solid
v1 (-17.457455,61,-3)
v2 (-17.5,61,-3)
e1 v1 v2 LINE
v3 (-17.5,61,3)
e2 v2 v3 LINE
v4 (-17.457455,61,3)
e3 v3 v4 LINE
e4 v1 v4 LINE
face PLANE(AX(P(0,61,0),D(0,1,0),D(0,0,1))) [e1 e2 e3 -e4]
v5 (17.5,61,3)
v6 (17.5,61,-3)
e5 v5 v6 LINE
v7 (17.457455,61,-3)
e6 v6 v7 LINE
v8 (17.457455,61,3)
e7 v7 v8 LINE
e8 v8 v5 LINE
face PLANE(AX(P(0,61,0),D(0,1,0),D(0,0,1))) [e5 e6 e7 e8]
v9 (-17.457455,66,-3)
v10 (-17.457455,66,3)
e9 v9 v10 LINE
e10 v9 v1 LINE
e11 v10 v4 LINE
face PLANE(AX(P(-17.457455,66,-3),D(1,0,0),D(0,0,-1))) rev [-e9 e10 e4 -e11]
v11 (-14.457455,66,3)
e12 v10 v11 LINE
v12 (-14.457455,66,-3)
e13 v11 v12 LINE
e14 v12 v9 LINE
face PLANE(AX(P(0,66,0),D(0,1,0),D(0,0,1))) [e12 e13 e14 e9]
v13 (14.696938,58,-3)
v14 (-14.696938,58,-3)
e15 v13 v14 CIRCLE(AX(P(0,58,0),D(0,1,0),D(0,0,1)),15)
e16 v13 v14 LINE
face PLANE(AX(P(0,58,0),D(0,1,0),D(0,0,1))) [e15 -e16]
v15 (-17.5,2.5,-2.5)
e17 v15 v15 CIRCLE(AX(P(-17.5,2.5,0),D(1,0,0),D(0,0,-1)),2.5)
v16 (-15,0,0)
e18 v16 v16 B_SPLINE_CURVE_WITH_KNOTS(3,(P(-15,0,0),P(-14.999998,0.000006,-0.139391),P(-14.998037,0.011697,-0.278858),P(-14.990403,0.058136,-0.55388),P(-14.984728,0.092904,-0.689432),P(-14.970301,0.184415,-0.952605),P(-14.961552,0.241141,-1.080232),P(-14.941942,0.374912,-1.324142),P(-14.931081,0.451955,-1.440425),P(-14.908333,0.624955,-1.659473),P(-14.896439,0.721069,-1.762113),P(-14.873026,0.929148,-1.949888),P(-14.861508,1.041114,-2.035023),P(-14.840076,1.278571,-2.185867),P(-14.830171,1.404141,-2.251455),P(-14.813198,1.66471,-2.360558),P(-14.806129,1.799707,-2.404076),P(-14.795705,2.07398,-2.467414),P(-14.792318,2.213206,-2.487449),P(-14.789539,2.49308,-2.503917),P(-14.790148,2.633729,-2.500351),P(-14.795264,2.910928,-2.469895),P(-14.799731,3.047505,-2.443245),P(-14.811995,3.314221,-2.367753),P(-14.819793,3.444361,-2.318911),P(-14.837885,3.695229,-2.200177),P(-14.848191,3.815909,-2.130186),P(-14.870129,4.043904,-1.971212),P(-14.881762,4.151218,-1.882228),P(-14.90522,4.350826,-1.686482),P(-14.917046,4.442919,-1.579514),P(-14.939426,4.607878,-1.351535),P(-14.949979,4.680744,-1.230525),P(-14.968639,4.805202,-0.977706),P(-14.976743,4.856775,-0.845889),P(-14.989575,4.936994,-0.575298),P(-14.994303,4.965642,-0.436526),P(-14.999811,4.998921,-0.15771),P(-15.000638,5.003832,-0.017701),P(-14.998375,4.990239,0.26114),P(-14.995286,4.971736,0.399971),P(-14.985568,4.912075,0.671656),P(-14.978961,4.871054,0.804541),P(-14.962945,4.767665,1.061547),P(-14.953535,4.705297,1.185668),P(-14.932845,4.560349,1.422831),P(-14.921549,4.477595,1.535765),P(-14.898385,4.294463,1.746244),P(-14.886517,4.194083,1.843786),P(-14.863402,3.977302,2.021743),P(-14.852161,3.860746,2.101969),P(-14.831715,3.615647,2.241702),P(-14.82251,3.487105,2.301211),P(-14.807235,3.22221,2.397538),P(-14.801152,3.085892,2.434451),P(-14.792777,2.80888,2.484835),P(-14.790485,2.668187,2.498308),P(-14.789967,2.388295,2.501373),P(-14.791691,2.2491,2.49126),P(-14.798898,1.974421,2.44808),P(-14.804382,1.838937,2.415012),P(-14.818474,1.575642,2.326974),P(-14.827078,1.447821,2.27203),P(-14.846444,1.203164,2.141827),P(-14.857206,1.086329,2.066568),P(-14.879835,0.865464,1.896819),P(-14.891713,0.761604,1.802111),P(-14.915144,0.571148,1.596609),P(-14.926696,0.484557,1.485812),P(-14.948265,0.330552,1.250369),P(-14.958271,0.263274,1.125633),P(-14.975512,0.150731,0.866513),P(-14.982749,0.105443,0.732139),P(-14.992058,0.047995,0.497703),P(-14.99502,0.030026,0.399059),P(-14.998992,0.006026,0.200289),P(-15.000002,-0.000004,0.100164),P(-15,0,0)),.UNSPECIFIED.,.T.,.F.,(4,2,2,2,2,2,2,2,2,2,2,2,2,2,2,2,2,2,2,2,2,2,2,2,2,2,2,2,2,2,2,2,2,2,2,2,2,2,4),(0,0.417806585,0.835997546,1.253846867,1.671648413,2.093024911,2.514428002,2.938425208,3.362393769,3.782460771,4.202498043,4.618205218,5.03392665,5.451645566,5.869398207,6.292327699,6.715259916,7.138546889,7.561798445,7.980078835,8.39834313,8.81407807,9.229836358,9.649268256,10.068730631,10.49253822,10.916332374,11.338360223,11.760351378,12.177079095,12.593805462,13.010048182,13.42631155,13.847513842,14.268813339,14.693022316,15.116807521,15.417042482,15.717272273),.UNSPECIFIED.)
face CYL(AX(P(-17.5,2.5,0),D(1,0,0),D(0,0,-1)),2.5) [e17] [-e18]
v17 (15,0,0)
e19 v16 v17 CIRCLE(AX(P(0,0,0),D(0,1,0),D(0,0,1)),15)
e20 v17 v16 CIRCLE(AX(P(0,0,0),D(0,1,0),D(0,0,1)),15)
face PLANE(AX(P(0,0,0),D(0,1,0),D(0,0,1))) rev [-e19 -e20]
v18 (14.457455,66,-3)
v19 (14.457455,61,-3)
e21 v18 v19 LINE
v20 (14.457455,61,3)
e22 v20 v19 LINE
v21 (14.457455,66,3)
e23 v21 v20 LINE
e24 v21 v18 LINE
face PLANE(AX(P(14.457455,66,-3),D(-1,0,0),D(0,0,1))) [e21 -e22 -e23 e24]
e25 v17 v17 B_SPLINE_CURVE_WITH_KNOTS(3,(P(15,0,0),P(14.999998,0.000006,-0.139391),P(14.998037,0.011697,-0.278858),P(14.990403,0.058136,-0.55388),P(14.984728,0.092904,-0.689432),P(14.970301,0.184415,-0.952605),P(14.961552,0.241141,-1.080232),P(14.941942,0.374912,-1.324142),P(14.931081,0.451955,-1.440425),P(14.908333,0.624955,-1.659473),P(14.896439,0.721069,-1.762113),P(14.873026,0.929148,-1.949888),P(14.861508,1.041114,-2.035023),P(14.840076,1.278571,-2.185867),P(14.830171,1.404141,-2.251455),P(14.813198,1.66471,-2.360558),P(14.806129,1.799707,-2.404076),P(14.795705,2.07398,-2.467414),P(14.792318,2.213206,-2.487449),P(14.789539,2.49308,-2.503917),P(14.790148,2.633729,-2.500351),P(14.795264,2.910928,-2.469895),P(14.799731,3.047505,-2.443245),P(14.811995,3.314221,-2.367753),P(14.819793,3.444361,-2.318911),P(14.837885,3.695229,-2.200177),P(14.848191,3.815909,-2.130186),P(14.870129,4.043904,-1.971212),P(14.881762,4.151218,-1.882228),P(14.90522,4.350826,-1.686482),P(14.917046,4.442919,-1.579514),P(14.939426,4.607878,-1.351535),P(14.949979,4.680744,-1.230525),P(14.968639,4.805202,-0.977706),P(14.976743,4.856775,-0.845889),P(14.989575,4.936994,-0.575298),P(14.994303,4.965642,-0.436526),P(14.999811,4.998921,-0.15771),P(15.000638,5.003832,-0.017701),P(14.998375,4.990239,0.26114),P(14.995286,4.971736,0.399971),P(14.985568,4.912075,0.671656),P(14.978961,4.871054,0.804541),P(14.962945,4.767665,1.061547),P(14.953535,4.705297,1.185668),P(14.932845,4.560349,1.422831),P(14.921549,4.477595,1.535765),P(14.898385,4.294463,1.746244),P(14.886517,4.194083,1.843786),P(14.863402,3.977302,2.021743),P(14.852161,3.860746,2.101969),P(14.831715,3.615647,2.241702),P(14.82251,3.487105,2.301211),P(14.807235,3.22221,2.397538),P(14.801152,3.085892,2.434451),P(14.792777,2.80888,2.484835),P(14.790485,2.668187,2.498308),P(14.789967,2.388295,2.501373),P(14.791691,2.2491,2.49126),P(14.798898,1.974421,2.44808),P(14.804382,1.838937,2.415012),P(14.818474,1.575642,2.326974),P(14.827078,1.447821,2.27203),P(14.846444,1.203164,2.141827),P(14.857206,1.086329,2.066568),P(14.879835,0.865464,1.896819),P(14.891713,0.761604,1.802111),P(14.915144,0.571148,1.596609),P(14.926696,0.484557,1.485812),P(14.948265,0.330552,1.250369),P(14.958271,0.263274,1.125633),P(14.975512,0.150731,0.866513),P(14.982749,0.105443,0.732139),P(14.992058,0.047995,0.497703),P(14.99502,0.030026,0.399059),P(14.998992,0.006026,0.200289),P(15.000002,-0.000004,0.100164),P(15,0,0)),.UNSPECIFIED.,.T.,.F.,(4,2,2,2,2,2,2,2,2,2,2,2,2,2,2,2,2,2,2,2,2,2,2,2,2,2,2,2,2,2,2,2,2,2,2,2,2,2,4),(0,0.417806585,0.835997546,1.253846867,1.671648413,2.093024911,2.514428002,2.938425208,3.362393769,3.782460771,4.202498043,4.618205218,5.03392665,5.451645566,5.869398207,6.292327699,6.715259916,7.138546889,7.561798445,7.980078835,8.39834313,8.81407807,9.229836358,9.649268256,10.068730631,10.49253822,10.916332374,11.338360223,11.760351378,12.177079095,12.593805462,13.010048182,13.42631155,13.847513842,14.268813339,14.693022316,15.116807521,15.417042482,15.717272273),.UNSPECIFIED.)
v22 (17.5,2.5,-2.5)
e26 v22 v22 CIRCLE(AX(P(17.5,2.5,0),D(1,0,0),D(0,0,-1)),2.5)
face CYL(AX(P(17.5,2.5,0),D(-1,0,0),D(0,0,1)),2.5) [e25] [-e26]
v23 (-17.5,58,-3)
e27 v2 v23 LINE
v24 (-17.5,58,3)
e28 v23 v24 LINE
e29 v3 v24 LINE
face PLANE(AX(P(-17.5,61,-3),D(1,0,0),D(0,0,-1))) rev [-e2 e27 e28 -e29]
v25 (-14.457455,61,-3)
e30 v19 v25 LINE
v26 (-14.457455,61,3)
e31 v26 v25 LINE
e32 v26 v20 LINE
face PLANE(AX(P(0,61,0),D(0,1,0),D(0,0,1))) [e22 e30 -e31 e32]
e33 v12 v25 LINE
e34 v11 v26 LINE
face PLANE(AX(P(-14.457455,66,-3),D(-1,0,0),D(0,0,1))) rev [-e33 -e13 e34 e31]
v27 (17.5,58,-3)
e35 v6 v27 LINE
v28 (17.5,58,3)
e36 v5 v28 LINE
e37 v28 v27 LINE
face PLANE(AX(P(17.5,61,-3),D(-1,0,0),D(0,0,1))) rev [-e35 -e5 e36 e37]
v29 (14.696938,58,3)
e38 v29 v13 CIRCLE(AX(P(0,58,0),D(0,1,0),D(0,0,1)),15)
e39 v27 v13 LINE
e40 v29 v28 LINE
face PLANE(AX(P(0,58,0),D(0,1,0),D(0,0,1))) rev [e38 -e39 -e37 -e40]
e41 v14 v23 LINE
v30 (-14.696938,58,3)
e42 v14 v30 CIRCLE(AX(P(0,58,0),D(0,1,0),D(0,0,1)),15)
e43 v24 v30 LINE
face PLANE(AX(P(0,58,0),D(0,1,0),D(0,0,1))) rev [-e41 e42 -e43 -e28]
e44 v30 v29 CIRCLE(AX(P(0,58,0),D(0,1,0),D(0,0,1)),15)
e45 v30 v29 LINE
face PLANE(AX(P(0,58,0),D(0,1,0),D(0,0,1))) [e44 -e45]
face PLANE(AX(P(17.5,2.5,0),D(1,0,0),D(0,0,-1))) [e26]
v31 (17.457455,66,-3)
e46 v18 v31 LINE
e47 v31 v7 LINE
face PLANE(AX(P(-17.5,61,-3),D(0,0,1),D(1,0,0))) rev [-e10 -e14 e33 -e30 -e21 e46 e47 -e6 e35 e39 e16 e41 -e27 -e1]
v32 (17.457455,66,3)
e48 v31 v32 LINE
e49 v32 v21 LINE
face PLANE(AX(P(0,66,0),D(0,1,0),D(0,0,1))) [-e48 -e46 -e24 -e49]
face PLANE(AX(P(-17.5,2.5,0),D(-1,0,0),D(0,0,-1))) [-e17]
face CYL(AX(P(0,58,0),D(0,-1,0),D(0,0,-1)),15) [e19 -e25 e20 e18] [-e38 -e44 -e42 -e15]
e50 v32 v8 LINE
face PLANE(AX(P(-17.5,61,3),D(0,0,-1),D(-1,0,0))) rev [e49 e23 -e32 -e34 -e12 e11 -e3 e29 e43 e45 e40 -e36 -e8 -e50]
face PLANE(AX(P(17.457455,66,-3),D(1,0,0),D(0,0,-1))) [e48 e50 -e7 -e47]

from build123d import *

# Parameters (mm, degrees)
SKETCH1_R           = 15
BOSS_EXTRUDE1_DEPTH = 58
SKETCH4_W           = 35
SKETCH4_H           = 6
BOSS_EXTRUDE3_DEPTH = 3
SKETCH5_W           = 3
SKETCH5_H           = 6
BOSS_EXTRUDE4_DEPTH = 5
SKETCH6_R           = 2.5
BOSS_EXTRUDE5_DEPTH = 17.5


with BuildPart() as part:
    # Sketch1 → Boss-Extrude1 (new body)
    with BuildSketch(Plane(origin=(0, 0, 0), x_dir=(1, 0, 0), z_dir=(0, 1, 0))):
        with Locations(Location((0, 0, 0), (0, 0, 90))):
            Circle(SKETCH1_R)
    extrude(amount=BOSS_EXTRUDE1_DEPTH)

    # Sketch4 → Boss-Extrude3 (add)
    with BuildSketch(Plane(origin=(0, 58, 0), x_dir=(1, 0, 0), z_dir=(0, 1, 0))):
        Rectangle(SKETCH4_W, SKETCH4_H)
    extrude(amount=BOSS_EXTRUDE3_DEPTH)

    # Sketch5 → Boss-Extrude4 (add)
    with BuildSketch(Plane(origin=(0, 61, 0), x_dir=(1, 0, 0), z_dir=(0, 1, 0))):
        with Locations((-15.95745503, 0)):
            Rectangle(SKETCH5_W, SKETCH5_H)
    boss_extrude4 = extrude(amount=BOSS_EXTRUDE4_DEPTH)

    # Mirror2: Boss-Extrude4 across plane
    add(boss_extrude4.mirror(Plane(origin=(0, 0, 0), x_dir=(0, 0, 1), z_dir=(1, 0, 0))))

    # Sketch6 → Boss-Extrude5 (add)
    with BuildSketch(Plane(origin=(0, 0, 0), x_dir=(0, 0, -1), z_dir=(1, 0, 0))):
        with Locations(Location((0, 2.5, 0), (0, 0, 270))):
            Circle(SKETCH6_R)
    boss_extrude5 = extrude(amount=BOSS_EXTRUDE5_DEPTH)

    # Mirror3: Boss-Extrude5 across plane
    add(boss_extrude5.mirror(Plane(origin=(0, 0, 0), x_dir=(0, 0, 1), z_dir=(1, 0, 0))))


solid = part.part
